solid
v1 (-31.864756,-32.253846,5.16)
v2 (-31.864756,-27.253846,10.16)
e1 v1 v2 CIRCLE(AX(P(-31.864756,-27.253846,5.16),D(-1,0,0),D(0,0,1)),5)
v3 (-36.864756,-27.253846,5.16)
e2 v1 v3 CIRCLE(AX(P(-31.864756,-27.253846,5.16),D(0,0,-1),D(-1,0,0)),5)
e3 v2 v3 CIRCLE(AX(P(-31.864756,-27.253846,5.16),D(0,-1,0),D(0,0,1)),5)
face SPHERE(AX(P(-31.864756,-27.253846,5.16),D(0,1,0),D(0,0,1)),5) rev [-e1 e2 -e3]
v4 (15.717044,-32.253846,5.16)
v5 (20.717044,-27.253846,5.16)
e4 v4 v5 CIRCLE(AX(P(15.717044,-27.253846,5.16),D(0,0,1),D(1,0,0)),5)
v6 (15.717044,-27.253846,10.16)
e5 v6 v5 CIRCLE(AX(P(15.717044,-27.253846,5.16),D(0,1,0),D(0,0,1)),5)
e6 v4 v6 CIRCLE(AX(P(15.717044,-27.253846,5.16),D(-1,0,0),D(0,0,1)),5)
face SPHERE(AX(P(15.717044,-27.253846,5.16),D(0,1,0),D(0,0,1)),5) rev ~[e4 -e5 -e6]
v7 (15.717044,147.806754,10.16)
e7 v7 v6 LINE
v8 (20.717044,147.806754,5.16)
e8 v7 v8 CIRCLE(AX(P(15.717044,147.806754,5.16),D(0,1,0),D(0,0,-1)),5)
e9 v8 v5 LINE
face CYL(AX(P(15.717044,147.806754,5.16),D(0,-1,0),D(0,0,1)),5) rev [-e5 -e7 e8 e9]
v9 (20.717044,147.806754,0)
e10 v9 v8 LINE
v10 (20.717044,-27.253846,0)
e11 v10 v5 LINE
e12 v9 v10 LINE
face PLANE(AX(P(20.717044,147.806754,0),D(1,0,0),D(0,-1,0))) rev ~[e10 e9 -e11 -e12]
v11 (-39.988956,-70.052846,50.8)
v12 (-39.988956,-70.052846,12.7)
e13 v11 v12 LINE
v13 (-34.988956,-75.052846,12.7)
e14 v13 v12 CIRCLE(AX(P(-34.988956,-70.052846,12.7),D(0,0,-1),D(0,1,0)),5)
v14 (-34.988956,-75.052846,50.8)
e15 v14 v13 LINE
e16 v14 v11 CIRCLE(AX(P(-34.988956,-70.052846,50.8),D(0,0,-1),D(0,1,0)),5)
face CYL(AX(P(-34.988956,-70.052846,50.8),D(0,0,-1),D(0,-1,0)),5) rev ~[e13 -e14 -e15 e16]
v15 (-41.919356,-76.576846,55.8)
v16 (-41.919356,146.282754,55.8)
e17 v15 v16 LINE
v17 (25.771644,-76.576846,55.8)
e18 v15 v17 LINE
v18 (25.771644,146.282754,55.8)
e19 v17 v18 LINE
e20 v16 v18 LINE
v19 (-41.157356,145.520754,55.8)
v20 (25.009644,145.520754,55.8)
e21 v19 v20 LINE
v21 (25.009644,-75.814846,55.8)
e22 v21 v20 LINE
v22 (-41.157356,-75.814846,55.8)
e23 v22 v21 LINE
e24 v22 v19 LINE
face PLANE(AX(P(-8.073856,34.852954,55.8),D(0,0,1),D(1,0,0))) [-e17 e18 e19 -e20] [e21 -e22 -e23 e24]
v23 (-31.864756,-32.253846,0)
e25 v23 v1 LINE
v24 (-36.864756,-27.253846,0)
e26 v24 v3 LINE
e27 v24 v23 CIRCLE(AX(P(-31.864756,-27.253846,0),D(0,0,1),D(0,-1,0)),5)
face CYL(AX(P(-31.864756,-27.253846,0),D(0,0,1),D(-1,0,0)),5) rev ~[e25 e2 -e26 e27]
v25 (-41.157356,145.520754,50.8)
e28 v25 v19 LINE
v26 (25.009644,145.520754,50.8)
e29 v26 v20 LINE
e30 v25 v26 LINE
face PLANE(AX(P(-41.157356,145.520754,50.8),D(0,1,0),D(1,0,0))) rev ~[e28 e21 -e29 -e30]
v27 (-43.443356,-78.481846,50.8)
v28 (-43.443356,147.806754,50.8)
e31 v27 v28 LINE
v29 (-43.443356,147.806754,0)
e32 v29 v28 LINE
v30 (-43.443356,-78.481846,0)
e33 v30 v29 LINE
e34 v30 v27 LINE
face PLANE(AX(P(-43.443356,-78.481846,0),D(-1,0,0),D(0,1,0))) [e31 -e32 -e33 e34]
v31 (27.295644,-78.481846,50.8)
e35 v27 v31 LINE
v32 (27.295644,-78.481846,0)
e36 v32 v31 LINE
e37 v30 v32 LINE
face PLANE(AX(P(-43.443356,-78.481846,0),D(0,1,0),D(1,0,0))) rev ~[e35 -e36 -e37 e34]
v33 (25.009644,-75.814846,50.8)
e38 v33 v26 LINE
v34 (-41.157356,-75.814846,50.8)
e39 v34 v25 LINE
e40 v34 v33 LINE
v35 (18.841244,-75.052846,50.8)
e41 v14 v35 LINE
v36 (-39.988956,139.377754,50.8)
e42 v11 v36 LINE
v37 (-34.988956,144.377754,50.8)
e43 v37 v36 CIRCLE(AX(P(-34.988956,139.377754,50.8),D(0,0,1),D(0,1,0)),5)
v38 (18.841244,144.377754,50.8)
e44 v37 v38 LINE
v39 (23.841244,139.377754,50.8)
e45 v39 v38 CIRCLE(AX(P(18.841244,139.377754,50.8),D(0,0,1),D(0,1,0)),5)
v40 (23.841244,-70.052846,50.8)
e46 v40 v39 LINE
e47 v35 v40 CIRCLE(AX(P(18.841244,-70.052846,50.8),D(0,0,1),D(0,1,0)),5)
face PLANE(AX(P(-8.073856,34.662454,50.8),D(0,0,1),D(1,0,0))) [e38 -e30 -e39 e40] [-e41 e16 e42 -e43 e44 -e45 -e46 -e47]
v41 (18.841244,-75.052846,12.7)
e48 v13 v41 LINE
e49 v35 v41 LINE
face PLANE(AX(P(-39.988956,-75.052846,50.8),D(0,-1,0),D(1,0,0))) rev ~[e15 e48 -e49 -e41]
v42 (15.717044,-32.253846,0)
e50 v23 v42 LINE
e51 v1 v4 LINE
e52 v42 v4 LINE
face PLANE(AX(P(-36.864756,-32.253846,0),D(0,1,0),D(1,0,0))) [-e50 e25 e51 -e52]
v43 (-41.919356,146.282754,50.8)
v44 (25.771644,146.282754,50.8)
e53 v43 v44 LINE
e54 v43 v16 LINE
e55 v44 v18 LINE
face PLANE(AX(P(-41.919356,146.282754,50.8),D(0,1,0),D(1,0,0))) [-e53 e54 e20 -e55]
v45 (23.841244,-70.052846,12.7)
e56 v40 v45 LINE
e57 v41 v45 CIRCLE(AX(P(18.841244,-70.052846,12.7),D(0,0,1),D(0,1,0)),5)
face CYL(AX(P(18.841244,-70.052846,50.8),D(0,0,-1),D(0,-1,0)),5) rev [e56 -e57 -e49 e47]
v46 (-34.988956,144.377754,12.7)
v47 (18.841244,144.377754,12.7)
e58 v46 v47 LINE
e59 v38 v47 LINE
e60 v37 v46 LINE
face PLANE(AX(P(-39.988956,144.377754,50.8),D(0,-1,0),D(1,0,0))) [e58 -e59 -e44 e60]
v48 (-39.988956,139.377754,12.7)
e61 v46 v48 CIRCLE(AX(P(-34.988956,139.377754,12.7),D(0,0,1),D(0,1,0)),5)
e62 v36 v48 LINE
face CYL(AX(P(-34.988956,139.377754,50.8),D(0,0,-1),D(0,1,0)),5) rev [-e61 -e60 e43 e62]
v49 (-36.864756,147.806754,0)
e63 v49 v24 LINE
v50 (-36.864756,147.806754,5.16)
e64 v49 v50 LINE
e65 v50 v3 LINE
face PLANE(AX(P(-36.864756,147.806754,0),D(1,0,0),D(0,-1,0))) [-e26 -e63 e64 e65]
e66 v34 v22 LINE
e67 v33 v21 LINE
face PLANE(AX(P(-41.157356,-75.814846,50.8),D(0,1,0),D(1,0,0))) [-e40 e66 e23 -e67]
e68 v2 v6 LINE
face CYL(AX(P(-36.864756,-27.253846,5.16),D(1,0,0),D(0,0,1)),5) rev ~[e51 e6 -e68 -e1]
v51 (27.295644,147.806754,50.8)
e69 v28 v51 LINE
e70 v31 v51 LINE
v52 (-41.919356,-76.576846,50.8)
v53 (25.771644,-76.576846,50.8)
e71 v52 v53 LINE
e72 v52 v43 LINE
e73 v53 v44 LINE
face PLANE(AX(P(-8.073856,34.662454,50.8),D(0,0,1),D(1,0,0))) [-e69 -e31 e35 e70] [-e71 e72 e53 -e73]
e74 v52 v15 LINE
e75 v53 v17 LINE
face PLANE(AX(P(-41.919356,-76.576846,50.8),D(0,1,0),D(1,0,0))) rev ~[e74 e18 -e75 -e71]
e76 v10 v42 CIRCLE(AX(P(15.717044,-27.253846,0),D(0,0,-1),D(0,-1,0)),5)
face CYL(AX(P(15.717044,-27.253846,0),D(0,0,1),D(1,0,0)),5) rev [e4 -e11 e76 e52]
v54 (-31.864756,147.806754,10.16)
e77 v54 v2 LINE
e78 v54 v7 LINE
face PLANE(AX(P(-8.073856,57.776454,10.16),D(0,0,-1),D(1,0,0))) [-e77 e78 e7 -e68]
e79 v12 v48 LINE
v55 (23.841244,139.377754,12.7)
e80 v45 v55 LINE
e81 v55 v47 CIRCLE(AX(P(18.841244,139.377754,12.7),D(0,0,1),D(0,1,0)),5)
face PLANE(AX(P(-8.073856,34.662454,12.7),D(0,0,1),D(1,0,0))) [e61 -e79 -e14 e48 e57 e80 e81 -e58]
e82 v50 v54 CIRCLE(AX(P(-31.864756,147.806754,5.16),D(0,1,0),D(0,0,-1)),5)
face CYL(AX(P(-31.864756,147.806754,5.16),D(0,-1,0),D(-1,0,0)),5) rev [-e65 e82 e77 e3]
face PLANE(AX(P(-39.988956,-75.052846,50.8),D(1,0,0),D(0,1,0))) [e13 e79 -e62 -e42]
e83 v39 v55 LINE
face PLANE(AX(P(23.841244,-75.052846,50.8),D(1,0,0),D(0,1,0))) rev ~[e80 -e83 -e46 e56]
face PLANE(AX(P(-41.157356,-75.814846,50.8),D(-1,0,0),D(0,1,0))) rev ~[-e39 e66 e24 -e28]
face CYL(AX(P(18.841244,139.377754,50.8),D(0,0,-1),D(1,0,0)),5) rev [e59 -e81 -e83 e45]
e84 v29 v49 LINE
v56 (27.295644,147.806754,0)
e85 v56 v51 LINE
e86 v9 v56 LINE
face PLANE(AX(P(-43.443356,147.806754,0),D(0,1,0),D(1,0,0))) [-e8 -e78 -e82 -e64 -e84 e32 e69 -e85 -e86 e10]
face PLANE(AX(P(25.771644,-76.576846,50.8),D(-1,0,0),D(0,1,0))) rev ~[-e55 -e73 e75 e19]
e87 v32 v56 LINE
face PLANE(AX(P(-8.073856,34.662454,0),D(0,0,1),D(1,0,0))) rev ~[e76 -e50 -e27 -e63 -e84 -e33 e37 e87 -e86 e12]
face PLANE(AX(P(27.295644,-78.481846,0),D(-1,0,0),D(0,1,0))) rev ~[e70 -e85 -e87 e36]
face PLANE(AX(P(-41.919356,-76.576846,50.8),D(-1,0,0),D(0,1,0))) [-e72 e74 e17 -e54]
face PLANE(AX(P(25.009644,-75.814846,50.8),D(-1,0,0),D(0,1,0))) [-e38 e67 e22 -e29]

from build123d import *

# Parameters (mm, degrees)
F0_W     = 70.739
F0_H     = 226.2886
F1_DEPTH = 50.8
F2_W     = 63.8302
F2_H     = 219.4306
F3_DEPTH = 38.1
F4_W     = 57.5818
F4_H     = 180.0606
F5_DEPTH = 10.16
F6_R     = 5
F7_W     = 67.691
F7_H     = 222.8596
F7_W_2   = 66.167
F7_H_2   = 221.3356
F8_DEPTH = 5


with BuildPart() as f1:
    # F0 (on Top) → F1 (new body)
    with BuildSketch(Plane.XY):
        with Locations((-8.073856, 34.662454)):
            Rectangle(F0_W, F0_H)
    extrude(amount=F1_DEPTH)

    # F2 (on face) → F3 (cut)
    with BuildSketch(Plane.XY.offset(50.8)):
        with Locations((-8.073856, 34.662454)):
            Rectangle(F2_W, F2_H)
    extrude(amount=-F3_DEPTH, mode=Mode.SUBTRACT)

    # F4 (on face) → F5 (cut)
    with BuildSketch(Plane(origin=(0, 0, 0), x_dir=(1, 0, 0), z_dir=(0, 0, -1))):
        with Locations((-8.073856, -57.776454)):
            Rectangle(F4_W, F4_H)
    extrude(amount=-F5_DEPTH, mode=Mode.SUBTRACT)

    # F6
    f6_edges = [f1.edges().sort_by_distance(p)[0] for p in [
        (-36.864756, 57.776454, 10.16),
        (20.717044, 57.776454, 10.16),
        (-8.073856, -32.253846, 10.16),
        (-36.864756, -32.253846, 5.08),
        (20.717044, -32.253846, 5.08),
        (-39.988956, -75.052846, 31.75),
        (-39.988956, 144.377754, 31.75),
        (23.841244, 144.377754, 31.75),
        (23.841244, -75.052846, 31.75),
    ]]
    fillet(f6_edges, radius=F6_R)

    # F7 (on face) → F8 (join)
    with BuildSketch(Plane.XY.offset(50.8)):
        with Locations((-8.073856, 34.852954)):
            Rectangle(F7_W, F7_H)
        with Locations((-8.073856, 34.852954)):
            Rectangle(F7_W_2, F7_H_2, mode=Mode.SUBTRACT)
    extrude(amount=F8_DEPTH)


solid = f1.part
